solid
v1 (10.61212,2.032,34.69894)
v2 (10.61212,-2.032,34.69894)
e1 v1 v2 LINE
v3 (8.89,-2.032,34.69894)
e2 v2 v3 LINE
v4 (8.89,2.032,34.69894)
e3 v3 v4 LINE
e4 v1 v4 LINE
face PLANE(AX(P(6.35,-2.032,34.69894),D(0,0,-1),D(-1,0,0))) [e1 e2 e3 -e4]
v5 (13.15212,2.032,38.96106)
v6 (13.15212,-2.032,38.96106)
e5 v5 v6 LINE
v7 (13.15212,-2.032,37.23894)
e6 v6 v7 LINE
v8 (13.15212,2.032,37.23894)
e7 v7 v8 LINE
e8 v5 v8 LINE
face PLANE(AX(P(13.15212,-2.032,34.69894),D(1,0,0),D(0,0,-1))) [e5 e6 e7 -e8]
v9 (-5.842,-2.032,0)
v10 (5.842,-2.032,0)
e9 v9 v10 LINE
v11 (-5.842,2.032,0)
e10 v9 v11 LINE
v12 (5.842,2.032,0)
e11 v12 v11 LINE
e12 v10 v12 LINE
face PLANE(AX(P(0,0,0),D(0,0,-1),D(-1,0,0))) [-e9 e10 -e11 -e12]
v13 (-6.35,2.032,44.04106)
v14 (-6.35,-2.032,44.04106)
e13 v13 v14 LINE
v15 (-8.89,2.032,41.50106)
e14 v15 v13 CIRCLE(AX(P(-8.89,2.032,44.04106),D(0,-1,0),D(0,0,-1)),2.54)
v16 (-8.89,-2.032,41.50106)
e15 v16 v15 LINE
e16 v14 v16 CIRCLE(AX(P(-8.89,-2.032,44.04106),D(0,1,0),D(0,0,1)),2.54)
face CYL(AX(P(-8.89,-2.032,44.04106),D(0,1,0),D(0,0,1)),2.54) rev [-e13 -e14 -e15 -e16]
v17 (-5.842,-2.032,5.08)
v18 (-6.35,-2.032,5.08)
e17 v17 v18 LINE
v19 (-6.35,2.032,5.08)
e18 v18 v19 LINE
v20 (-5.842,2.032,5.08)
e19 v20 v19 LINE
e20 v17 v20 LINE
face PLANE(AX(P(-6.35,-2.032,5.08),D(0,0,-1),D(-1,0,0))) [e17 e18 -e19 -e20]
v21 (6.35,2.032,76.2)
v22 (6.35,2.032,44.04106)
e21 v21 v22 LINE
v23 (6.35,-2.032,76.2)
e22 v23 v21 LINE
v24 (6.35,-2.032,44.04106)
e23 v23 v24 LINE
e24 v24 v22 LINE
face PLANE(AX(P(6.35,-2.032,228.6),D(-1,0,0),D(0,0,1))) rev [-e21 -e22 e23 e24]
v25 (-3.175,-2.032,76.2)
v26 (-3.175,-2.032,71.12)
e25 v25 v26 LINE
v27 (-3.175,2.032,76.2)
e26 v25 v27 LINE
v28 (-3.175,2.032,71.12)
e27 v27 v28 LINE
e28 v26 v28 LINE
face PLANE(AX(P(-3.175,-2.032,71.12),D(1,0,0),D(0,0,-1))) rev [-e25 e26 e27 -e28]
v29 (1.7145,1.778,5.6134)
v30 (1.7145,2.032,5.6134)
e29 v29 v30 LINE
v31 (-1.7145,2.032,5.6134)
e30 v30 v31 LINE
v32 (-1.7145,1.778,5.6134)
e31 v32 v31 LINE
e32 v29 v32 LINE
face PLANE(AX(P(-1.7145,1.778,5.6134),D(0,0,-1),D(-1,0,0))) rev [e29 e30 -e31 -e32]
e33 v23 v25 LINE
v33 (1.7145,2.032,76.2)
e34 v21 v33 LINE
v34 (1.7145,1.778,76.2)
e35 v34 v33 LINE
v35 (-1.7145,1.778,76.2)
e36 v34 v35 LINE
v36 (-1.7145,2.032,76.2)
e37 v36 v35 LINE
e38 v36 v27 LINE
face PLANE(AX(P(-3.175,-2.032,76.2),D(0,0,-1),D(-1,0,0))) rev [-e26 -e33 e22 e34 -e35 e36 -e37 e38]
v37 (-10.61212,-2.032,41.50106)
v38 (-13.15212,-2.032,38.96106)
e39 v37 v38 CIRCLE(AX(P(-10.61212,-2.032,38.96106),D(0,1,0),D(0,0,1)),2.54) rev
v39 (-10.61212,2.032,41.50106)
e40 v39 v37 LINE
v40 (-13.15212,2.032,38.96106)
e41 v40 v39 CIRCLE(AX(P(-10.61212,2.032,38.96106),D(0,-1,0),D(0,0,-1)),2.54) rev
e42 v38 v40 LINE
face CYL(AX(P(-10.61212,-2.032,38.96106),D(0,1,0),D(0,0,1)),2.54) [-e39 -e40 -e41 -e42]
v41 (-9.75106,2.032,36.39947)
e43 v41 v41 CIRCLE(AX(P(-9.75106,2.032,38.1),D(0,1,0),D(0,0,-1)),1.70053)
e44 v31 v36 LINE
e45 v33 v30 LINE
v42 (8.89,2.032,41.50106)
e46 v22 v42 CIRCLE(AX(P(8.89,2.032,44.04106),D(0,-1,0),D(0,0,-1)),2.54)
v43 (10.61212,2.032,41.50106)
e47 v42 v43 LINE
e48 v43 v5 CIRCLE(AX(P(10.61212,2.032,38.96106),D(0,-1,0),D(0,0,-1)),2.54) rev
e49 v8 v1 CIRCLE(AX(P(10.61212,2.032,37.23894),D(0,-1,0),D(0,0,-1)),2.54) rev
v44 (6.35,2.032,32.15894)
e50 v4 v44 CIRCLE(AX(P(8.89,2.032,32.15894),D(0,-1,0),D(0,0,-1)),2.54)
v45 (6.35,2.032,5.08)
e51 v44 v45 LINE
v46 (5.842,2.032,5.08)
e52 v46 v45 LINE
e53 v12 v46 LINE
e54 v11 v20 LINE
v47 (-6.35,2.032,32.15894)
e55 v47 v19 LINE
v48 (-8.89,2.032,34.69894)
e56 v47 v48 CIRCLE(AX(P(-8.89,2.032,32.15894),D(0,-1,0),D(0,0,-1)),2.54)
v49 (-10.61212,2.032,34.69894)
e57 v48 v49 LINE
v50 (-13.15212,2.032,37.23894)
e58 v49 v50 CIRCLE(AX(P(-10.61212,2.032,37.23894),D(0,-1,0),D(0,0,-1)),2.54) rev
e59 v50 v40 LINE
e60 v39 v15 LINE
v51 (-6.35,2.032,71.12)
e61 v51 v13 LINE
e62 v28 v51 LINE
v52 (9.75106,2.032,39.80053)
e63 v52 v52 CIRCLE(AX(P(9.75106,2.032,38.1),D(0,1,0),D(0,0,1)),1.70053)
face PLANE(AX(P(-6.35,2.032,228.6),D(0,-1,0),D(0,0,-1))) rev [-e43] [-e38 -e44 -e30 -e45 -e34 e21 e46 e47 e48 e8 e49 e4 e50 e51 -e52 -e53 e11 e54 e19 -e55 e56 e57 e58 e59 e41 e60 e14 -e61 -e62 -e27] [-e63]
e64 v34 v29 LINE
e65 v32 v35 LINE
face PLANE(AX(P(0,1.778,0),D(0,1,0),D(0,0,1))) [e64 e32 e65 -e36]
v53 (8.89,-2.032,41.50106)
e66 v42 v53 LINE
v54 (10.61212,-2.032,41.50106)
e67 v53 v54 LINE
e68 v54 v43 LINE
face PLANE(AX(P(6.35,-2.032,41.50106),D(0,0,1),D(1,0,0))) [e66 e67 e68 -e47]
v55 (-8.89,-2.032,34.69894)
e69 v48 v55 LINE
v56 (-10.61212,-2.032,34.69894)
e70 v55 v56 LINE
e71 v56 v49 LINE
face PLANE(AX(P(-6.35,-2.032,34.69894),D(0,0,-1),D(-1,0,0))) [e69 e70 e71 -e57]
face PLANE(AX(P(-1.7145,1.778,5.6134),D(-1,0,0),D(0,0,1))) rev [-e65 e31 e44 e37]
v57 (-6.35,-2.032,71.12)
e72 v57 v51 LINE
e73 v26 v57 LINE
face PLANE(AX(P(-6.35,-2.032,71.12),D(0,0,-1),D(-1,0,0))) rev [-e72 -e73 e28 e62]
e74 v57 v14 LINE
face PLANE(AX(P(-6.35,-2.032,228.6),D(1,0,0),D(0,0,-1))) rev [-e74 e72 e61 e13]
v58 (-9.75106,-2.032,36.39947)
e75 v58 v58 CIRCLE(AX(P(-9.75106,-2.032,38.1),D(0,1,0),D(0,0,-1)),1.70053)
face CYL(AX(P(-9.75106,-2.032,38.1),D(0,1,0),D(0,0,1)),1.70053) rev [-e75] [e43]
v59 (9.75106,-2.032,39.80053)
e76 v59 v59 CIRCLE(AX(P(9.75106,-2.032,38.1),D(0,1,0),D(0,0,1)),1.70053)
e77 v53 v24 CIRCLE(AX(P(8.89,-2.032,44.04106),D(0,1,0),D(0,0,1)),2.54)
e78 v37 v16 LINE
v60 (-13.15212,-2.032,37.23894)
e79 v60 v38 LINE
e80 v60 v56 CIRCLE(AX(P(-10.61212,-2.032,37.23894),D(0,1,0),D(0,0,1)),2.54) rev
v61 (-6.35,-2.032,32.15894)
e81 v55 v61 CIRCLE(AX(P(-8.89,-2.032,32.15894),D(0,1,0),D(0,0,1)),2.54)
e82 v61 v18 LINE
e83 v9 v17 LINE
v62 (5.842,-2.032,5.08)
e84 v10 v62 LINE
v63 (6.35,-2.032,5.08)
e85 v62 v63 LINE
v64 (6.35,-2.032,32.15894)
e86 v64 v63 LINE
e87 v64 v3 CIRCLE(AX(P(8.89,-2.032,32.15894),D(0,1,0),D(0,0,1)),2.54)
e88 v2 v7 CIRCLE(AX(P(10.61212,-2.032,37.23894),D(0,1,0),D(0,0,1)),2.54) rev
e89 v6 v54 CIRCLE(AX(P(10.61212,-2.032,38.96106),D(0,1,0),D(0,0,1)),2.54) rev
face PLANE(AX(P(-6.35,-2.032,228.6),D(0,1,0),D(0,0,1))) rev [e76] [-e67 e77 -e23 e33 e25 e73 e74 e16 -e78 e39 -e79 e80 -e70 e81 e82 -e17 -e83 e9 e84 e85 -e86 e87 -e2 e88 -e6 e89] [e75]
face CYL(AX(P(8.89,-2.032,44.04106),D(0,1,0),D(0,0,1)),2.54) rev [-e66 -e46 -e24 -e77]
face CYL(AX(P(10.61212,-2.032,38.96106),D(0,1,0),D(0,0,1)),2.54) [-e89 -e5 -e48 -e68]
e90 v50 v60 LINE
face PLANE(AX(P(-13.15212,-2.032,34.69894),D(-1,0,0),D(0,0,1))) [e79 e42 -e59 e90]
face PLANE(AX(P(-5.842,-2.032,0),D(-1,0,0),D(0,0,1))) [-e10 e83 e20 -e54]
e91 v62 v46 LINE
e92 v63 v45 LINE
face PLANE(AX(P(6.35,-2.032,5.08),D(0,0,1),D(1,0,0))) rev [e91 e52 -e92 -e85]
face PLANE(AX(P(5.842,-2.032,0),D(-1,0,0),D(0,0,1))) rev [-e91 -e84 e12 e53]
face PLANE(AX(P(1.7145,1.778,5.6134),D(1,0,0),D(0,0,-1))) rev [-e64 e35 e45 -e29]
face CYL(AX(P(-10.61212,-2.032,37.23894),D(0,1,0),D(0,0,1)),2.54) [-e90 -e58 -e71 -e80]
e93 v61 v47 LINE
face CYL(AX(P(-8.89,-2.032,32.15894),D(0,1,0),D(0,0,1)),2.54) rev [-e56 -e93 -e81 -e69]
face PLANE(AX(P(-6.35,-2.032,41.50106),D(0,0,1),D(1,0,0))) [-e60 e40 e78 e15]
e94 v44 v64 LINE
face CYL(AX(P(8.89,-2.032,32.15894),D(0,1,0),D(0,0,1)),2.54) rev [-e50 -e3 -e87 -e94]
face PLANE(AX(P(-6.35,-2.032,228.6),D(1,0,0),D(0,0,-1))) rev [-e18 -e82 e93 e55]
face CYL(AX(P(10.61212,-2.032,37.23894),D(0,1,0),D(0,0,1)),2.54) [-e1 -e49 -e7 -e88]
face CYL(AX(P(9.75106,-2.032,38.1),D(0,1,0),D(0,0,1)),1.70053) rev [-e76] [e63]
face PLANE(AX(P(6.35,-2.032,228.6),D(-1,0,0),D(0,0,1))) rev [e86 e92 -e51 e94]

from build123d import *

# Parameters (mm, degrees)
SKETCH1_W               = 12.7
SKETCH1_H               = 4.064
BOSS_EXTRUDE1_DEPTH     = 228.6
SKETCH2_W               = 3.429
SKETCH2_H               = 217.3732
CUT_EXTRUDE1_DEPTH      = 0.254
SKETCH3_W               = 0.508
SKETCH3_H               = 5.08
CUT_EXTRUDE2_DEPTH      = 229.724285103
MIRROR2_COPY_1_SKETCH_W = 0.508
MIRROR2_COPY_1_SKETCH_H = 5.08
MIRROR2_COPY_1_DEPTH    = 229.724285103
SKETCH4_W               = 3.175
SKETCH4_H               = 3.175
CUT_EXTRUDE3_DEPTH      = 229.724285103
CUT_EXTRUDE5_DEPTH      = 229.724285103
SKETCH6_W               = 6.80212
SKETCH6_H               = 6.80212
SKETCH6_R               = 1.70053
BOSS_EXTRUDE2_DEPTH     = 4.064
FILLET1_R               = 2.54


with BuildPart() as part:
    # Sketch1 → Boss-Extrude1 (new body)
    with BuildSketch(Plane.XY):
        Rectangle(SKETCH1_W, SKETCH1_H)
    extrude(amount=BOSS_EXTRUDE1_DEPTH)

    # Sketch2 → Cut-Extrude1 (cut)
    with BuildSketch(Plane(origin=(0, 2.032, 0), x_dir=(1, 0, 0), z_dir=(0, 1, 0))):
        with Locations((0, -114.3)):
            Rectangle(SKETCH2_W, SKETCH2_H)
    extrude(amount=-CUT_EXTRUDE1_DEPTH, mode=Mode.SUBTRACT)

    # Sketch3 → Cut-Extrude2 (cut, through all)
    with BuildSketch(Plane(origin=(0, 2.032, 0), x_dir=(1, 0, 0), z_dir=(0, 1, 0))):
        with Locations((-6.096, -226.06)):
            Rectangle(SKETCH3_W, SKETCH3_H)
    cut_extrude2 = extrude(amount=-CUT_EXTRUDE2_DEPTH, mode=Mode.SUBTRACT)

    # Mirror1: Cut-Extrude2 across plane
    add(cut_extrude2.mirror(Plane(origin=(0, 0, 114.3), x_dir=(1, 0, 0), z_dir=(0, 0, -1))), mode=Mode.SUBTRACT)

    # Mirror2: Cut-Extrude2 across plane
    add(cut_extrude2.mirror(Plane(origin=(0, 0, 0), x_dir=(0, 0, 1), z_dir=(1, 0, 0))), mode=Mode.SUBTRACT)

    # Mirror2 copy 1 sketch → Mirror2 copy 1 (cut, through all)
    with BuildSketch(Plane(origin=(0, 2.032, 228.6), x_dir=(-1, 0, 0), z_dir=(0, 1, 0))):
        with Locations((-6.096, -226.06)):
            Rectangle(MIRROR2_COPY_1_SKETCH_W, MIRROR2_COPY_1_SKETCH_H)
    extrude(amount=-MIRROR2_COPY_1_DEPTH, mode=Mode.SUBTRACT)

    # Sketch4 → Cut-Extrude3 (cut, through all)
    with BuildSketch(Plane(origin=(0, 2.032, 0), x_dir=(1, 0, 0), z_dir=(0, 1, 0))):
        with Locations((-4.2545, -227.0125)):
            Rectangle(SKETCH4_W, SKETCH4_H)
    extrude(amount=-CUT_EXTRUDE3_DEPTH, mode=Mode.SUBTRACT)

    # Sketch5 → Cut-Extrude5 (cut, through all)
    with BuildSketch(Plane(origin=(0, 2.032, 0), x_dir=(1, 0, 0), z_dir=(0, 1, 0))):
        Polygon((-6.35, -71.12), (-6.35, -152.4), (-6.35, -228.6), (6.35, -228.6), (6.35, -155.575), (6.35, -152.4), (6.35, -76.2), (-3.175, -76.2), (-3.175, -71.12), align=None)
    extrude(amount=-CUT_EXTRUDE5_DEPTH, mode=Mode.SUBTRACT)

    # Sketch6 → Boss-Extrude2 (add, through all)
    # profile 1 of 2: a face of its own
    with BuildSketch(Plane(origin=(0, 2.032, 0), x_dir=(1, 0, 0), z_dir=(0, 1, 0))):
        with Locations((9.75106, -38.1)):
            Rectangle(SKETCH6_W, SKETCH6_H)
        with Locations(Location((9.75106, -38.1, 0), (0, 0, 270))):
            Circle(SKETCH6_R, mode=Mode.SUBTRACT)
    # profile 2 of 2: a face of its own
    with BuildSketch(Plane(origin=(0, 2.032, 0), x_dir=(1, 0, 0), z_dir=(0, 1, 0))):
        with Locations((-9.75106, -38.1)):
            Rectangle(SKETCH6_W, SKETCH6_H)
        with Locations(Location((-9.75106, -38.1, 0), (0, 0, 90))):
            Circle(SKETCH6_R, mode=Mode.SUBTRACT)
    extrude(amount=-BOSS_EXTRUDE2_DEPTH)

    # Fillet1
    fillet1_edges = [part.edges().sort_by_distance(p)[0] for p in [
        (6.35, 0, 41.50106),
        (13.15212, 0, 41.50106),
        (13.15212, 0, 34.69894),
        (6.35, 0, 34.69894),
        (-6.35, 0, 34.69894),
        (-13.15212, 0, 34.69894),
        (-13.15212, 0, 41.50106),
        (-6.35, 0, 41.50106),
    ]]
    fillet(fillet1_edges, radius=FILLET1_R)


solid = part.part
